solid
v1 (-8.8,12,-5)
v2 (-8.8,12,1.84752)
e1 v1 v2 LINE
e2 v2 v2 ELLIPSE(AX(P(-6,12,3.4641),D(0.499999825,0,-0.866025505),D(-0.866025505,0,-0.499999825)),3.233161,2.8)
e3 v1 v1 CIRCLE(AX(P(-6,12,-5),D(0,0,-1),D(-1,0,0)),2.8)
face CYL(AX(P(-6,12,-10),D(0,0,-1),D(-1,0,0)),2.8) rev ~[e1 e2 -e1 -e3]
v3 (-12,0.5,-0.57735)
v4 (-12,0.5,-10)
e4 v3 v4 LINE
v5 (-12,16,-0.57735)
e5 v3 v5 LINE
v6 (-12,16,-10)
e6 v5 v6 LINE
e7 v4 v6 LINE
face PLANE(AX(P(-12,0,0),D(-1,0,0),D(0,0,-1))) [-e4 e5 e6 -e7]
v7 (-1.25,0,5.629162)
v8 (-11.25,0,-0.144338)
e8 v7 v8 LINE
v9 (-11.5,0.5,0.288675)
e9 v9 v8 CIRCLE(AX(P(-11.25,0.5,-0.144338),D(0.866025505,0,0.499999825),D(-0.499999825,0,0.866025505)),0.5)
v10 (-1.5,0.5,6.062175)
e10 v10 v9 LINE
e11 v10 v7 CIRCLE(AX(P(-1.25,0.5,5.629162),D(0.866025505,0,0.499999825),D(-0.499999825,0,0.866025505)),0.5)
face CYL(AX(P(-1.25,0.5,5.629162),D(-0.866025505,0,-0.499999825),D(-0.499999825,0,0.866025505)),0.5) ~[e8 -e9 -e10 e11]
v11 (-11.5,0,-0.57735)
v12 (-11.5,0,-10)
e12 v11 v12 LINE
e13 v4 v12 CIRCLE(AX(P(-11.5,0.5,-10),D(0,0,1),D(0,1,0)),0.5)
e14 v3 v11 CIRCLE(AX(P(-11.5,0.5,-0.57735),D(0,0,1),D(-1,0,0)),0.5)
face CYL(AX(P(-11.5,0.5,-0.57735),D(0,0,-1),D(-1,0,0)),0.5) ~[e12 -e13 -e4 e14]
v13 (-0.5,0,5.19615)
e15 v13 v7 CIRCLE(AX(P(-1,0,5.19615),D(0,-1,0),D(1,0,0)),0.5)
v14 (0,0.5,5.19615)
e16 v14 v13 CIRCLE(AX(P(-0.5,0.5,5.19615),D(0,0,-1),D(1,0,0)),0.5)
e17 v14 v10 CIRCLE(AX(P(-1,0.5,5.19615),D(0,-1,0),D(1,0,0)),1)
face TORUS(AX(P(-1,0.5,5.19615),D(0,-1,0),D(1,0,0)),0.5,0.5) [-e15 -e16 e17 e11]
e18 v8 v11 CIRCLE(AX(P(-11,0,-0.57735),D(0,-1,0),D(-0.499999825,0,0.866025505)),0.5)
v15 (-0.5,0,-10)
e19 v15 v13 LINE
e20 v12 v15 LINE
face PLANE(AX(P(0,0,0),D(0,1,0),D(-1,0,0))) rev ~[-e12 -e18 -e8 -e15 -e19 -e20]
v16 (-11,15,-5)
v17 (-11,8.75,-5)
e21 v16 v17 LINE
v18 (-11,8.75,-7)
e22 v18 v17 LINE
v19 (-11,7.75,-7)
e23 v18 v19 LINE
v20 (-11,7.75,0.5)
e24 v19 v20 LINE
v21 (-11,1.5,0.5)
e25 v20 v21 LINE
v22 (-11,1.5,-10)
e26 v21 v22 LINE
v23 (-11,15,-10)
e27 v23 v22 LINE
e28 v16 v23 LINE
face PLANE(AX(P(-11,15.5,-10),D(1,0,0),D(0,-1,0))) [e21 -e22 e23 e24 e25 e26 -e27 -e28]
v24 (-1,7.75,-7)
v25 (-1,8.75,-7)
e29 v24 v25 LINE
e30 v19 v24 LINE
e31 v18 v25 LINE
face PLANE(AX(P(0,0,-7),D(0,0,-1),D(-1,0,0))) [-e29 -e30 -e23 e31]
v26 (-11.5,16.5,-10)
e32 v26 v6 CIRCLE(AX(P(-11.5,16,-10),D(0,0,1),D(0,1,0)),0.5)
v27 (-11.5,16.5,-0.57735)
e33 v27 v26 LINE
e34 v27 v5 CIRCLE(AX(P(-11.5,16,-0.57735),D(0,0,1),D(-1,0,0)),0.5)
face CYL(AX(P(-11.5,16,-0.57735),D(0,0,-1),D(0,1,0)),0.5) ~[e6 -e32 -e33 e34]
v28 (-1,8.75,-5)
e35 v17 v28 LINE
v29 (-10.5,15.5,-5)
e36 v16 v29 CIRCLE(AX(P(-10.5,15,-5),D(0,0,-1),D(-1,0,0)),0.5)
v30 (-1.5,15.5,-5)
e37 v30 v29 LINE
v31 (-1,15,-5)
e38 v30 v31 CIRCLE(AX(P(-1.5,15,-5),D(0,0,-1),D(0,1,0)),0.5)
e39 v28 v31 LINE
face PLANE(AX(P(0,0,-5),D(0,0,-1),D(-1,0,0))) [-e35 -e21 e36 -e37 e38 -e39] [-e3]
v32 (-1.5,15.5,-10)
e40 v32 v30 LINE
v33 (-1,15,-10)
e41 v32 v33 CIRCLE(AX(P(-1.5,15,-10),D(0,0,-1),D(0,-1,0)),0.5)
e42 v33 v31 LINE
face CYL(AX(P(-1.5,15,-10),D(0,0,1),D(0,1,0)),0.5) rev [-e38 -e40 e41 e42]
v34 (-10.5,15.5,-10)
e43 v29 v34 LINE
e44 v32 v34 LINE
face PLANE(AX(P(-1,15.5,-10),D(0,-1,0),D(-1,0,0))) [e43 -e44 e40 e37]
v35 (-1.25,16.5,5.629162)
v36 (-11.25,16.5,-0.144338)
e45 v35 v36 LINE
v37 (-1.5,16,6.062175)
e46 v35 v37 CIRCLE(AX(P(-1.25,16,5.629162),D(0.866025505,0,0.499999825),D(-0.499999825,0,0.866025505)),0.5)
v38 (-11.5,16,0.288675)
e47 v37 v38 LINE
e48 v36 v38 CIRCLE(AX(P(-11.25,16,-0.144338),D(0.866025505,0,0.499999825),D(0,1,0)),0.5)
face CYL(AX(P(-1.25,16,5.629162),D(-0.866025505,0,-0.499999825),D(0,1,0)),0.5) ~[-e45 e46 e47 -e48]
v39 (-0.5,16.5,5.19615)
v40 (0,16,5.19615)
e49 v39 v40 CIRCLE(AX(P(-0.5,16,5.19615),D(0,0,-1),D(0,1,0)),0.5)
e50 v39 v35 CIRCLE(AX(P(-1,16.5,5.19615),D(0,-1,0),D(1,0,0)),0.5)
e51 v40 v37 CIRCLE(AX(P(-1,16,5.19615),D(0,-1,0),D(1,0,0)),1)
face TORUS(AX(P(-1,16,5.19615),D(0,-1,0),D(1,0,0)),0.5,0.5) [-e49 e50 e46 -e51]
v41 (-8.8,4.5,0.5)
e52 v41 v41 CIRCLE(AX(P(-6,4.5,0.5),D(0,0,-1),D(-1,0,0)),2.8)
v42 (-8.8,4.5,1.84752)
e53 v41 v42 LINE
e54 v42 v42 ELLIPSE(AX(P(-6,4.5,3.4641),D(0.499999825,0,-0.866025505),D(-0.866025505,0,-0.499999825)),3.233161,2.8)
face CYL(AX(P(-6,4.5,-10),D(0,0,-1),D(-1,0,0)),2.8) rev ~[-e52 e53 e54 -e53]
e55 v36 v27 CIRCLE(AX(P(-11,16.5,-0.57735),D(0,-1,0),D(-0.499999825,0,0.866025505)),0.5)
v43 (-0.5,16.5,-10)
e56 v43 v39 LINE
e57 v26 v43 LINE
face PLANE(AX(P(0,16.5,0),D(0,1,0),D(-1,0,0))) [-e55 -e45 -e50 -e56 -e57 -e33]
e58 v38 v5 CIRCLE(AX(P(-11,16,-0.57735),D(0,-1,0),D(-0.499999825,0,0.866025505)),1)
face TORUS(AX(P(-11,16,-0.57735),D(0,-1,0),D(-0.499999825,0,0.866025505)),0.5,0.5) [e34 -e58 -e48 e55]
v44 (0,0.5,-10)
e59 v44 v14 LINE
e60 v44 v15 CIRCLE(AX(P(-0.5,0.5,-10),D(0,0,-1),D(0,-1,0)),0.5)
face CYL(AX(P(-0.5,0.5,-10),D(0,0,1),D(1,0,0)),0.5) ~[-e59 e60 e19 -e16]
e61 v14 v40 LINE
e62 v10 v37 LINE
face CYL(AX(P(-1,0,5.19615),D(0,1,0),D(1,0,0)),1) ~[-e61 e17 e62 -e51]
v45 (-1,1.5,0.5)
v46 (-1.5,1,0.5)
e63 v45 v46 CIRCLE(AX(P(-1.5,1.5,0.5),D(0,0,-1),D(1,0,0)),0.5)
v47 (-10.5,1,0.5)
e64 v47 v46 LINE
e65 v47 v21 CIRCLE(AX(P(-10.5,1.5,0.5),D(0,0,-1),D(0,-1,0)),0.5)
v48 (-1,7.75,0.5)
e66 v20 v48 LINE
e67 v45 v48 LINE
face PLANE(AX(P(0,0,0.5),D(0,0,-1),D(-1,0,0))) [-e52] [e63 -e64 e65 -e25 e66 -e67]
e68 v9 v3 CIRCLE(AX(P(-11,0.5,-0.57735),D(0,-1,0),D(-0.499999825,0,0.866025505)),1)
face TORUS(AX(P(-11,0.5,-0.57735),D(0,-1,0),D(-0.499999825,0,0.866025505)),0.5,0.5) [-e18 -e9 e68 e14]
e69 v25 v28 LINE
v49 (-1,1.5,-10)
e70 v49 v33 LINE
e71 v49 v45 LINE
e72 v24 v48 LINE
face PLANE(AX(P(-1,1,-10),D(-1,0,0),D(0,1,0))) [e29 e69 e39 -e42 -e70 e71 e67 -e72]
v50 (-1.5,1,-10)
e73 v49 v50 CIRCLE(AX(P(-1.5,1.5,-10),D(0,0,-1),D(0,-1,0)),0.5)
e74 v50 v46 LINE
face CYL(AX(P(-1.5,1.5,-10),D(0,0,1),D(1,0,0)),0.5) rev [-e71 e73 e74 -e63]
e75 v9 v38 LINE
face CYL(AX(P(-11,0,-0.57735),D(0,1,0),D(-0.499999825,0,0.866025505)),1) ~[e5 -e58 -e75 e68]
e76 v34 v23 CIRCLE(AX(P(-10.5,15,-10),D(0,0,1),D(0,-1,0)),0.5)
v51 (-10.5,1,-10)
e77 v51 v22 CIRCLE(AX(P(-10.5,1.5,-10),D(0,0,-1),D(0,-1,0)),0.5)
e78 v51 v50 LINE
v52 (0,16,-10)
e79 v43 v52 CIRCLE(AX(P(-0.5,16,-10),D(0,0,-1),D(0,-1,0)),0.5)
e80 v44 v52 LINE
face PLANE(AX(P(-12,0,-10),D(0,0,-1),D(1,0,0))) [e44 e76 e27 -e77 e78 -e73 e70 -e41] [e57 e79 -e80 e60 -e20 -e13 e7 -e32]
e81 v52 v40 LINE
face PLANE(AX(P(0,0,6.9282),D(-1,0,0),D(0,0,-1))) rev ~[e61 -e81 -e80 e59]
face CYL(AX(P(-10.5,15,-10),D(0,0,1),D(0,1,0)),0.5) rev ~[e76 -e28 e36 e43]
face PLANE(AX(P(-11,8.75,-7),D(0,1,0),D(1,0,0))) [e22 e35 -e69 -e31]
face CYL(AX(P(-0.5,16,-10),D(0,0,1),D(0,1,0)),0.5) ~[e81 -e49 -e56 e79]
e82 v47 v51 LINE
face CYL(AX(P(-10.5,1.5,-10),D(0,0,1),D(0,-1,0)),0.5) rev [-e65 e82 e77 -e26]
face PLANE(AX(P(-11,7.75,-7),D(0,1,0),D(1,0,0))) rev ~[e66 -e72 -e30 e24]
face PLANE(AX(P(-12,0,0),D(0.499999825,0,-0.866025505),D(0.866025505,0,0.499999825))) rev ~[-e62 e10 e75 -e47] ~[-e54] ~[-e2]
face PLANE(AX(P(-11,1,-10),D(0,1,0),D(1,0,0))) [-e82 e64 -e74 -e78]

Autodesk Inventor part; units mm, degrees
ref_plane "YZ Plane" through (0, 0, 0) normal (1, 0, 0) x (0, 1, 0)
ref_plane "XZ Plane" through (0, 0, 0) normal (0, 1, 0) x (-1, 0, 0)
ref_plane "XY Plane" through (0, 0, 0) normal (0, 0, 1) x (1, 0, 0)
sketch "Sketch1" plane through (0, 0, 0) normal (0, 1, 0) x (-1, 0, 0)
  line L0 (0, 0) -> (12, 0)
  line L1 (12, 0) -> (12, -10)
  line L2 (12, -10) -> (0, -10)
  line L3 (0, -10) -> (0, 0)
  line L4 (12, 0) -> (0, 6.9282)
  line L5 (12, 0) -> (25.8564, 0) construction
  line L6 (0, 6.9282) -> (0, 0)
  dimension "d0" = 10
  dimension "d1" = 12
  dimension "d2" = 150
extrude "Extrusion1" add sketch "Sketch1" along normal blind 16.5
sketch "Sketch2" plane through (0, 0, -10) normal (0, 0, -1) x (-1, 0, 0)
  circle A0 centre (6, 4.5) radius 2.8
  circle A1 centre (6, 12) radius 2.8
  line L0 (0, 0) -> (0, 16.5) projected
  line L1 (0, 0) -> (12, 0) projected
  line L2 (0, 16.5) -> (12, 16.5) projected
  dimension "d5" = 5.6
  dimension "d6" = 6
  dimension "d7" = 4.5
  dimension "d8" = 4.5
extrude "Extrusion2" cut sketch "Sketch2" against normal through all
fillet "Fillet1" radius 1 2 edges at (0, 8.25, 6.9282) (-12, 8.25, 0)
sketch "Sketch3" plane through (0, 0, -10) normal (0, 0, -1) x (-1, 0, 0)
  circle A0 centre (6, 12) radius 2.8 projected
  circle A1 centre (6, 4.5) radius 2.8 projected
  line L0 (0, 0) -> (12, 0) projected
  line L1 (12, 0) -> (12, 16.5) projected
  line L2 (0, 16.5) -> (12, 16.5) projected
  line L3 (0, 0) -> (0, 16.5) projected
  line L4 (11, 15.5) -> (11, 1)
  line L5 (11, 1) -> (1, 1)
  line L6 (1, 1) -> (1, 15.5)
  line L7 (1, 15.5) -> (11, 15.5)
  dimension "d12" = 1
extrude "Extrusion3" cut sketch "Sketch3" against normal blind 3 contours L4 L5 L6 L7
fillet "Fillet2" radius 0.5 14 edges at (-0.5, 16.5, 6.0622) (-6.5, 16.5, 3.1754) (-11.866, 16.5, -0.0774) (-12, 16.5, -5.2887) (0, 16.5, -2.4019) (-0.5, 0, 6.0622) (0, 0, -2.4019) (-11.866, 0, -0.0774) (-12, 0, -5.2887) (-6.5, 0, 3.1754) (-1, 15.5, -8.5) (-11, 15.5, -8.5) (-11, 1, -8.5) (-1, 1, -8.5)
sketch "Sketch4" plane through (0, 0, -7) normal (0, 0, -1) x (-1, 0, 0)
  arc A0 (1, 1.5) -> (1.5, 1) centre (1.5, 1.5) ccw projected
  line L0 (10.5, 1) -> (1.5, 1) projected
  arc A1 (10.5, 1) -> (11, 1.5) centre (10.5, 1.5) ccw projected
  line L1 (11, 15) -> (11, 1.5) projected
  arc A2 (11, 15) -> (10.5, 15.5) centre (10.5, 15) ccw projected
  line L2 (1.5, 15.5) -> (10.5, 15.5) projected
  arc A3 (1.5, 15.5) -> (1, 15) centre (1.5, 15) ccw projected
  line L3 (1, 1.5) -> (1, 15) projected
  circle A4 centre (6, 4.5) radius 2.8 projected
  circle A5 centre (6, 12) radius 2.8 projected
  line L4 (11, 15) -> (11, 1.5) projected
  line L5 (11, 7.75) -> (1, 7.75)
  line L6 (1, 1.5) -> (1, 15) projected
  line L7 (11, 8.75) -> (1, 8.75)
  point P0 (0, 0)
  dimension "d16" = 6.75
  dimension "d17" = 6.75
extrude "Extrusion4" cut sketch "Sketch4" against normal blind 7.5 contours L3 L5 L1 A1 L0 A0
extrude "Extrusion5" cut sketch "Sketch4" against normal blind 2 contours L3 A3 L2 A2 L1 L7
equation "\"d8\" = d7"
properties part number "ProximaCustomCaseFront"
